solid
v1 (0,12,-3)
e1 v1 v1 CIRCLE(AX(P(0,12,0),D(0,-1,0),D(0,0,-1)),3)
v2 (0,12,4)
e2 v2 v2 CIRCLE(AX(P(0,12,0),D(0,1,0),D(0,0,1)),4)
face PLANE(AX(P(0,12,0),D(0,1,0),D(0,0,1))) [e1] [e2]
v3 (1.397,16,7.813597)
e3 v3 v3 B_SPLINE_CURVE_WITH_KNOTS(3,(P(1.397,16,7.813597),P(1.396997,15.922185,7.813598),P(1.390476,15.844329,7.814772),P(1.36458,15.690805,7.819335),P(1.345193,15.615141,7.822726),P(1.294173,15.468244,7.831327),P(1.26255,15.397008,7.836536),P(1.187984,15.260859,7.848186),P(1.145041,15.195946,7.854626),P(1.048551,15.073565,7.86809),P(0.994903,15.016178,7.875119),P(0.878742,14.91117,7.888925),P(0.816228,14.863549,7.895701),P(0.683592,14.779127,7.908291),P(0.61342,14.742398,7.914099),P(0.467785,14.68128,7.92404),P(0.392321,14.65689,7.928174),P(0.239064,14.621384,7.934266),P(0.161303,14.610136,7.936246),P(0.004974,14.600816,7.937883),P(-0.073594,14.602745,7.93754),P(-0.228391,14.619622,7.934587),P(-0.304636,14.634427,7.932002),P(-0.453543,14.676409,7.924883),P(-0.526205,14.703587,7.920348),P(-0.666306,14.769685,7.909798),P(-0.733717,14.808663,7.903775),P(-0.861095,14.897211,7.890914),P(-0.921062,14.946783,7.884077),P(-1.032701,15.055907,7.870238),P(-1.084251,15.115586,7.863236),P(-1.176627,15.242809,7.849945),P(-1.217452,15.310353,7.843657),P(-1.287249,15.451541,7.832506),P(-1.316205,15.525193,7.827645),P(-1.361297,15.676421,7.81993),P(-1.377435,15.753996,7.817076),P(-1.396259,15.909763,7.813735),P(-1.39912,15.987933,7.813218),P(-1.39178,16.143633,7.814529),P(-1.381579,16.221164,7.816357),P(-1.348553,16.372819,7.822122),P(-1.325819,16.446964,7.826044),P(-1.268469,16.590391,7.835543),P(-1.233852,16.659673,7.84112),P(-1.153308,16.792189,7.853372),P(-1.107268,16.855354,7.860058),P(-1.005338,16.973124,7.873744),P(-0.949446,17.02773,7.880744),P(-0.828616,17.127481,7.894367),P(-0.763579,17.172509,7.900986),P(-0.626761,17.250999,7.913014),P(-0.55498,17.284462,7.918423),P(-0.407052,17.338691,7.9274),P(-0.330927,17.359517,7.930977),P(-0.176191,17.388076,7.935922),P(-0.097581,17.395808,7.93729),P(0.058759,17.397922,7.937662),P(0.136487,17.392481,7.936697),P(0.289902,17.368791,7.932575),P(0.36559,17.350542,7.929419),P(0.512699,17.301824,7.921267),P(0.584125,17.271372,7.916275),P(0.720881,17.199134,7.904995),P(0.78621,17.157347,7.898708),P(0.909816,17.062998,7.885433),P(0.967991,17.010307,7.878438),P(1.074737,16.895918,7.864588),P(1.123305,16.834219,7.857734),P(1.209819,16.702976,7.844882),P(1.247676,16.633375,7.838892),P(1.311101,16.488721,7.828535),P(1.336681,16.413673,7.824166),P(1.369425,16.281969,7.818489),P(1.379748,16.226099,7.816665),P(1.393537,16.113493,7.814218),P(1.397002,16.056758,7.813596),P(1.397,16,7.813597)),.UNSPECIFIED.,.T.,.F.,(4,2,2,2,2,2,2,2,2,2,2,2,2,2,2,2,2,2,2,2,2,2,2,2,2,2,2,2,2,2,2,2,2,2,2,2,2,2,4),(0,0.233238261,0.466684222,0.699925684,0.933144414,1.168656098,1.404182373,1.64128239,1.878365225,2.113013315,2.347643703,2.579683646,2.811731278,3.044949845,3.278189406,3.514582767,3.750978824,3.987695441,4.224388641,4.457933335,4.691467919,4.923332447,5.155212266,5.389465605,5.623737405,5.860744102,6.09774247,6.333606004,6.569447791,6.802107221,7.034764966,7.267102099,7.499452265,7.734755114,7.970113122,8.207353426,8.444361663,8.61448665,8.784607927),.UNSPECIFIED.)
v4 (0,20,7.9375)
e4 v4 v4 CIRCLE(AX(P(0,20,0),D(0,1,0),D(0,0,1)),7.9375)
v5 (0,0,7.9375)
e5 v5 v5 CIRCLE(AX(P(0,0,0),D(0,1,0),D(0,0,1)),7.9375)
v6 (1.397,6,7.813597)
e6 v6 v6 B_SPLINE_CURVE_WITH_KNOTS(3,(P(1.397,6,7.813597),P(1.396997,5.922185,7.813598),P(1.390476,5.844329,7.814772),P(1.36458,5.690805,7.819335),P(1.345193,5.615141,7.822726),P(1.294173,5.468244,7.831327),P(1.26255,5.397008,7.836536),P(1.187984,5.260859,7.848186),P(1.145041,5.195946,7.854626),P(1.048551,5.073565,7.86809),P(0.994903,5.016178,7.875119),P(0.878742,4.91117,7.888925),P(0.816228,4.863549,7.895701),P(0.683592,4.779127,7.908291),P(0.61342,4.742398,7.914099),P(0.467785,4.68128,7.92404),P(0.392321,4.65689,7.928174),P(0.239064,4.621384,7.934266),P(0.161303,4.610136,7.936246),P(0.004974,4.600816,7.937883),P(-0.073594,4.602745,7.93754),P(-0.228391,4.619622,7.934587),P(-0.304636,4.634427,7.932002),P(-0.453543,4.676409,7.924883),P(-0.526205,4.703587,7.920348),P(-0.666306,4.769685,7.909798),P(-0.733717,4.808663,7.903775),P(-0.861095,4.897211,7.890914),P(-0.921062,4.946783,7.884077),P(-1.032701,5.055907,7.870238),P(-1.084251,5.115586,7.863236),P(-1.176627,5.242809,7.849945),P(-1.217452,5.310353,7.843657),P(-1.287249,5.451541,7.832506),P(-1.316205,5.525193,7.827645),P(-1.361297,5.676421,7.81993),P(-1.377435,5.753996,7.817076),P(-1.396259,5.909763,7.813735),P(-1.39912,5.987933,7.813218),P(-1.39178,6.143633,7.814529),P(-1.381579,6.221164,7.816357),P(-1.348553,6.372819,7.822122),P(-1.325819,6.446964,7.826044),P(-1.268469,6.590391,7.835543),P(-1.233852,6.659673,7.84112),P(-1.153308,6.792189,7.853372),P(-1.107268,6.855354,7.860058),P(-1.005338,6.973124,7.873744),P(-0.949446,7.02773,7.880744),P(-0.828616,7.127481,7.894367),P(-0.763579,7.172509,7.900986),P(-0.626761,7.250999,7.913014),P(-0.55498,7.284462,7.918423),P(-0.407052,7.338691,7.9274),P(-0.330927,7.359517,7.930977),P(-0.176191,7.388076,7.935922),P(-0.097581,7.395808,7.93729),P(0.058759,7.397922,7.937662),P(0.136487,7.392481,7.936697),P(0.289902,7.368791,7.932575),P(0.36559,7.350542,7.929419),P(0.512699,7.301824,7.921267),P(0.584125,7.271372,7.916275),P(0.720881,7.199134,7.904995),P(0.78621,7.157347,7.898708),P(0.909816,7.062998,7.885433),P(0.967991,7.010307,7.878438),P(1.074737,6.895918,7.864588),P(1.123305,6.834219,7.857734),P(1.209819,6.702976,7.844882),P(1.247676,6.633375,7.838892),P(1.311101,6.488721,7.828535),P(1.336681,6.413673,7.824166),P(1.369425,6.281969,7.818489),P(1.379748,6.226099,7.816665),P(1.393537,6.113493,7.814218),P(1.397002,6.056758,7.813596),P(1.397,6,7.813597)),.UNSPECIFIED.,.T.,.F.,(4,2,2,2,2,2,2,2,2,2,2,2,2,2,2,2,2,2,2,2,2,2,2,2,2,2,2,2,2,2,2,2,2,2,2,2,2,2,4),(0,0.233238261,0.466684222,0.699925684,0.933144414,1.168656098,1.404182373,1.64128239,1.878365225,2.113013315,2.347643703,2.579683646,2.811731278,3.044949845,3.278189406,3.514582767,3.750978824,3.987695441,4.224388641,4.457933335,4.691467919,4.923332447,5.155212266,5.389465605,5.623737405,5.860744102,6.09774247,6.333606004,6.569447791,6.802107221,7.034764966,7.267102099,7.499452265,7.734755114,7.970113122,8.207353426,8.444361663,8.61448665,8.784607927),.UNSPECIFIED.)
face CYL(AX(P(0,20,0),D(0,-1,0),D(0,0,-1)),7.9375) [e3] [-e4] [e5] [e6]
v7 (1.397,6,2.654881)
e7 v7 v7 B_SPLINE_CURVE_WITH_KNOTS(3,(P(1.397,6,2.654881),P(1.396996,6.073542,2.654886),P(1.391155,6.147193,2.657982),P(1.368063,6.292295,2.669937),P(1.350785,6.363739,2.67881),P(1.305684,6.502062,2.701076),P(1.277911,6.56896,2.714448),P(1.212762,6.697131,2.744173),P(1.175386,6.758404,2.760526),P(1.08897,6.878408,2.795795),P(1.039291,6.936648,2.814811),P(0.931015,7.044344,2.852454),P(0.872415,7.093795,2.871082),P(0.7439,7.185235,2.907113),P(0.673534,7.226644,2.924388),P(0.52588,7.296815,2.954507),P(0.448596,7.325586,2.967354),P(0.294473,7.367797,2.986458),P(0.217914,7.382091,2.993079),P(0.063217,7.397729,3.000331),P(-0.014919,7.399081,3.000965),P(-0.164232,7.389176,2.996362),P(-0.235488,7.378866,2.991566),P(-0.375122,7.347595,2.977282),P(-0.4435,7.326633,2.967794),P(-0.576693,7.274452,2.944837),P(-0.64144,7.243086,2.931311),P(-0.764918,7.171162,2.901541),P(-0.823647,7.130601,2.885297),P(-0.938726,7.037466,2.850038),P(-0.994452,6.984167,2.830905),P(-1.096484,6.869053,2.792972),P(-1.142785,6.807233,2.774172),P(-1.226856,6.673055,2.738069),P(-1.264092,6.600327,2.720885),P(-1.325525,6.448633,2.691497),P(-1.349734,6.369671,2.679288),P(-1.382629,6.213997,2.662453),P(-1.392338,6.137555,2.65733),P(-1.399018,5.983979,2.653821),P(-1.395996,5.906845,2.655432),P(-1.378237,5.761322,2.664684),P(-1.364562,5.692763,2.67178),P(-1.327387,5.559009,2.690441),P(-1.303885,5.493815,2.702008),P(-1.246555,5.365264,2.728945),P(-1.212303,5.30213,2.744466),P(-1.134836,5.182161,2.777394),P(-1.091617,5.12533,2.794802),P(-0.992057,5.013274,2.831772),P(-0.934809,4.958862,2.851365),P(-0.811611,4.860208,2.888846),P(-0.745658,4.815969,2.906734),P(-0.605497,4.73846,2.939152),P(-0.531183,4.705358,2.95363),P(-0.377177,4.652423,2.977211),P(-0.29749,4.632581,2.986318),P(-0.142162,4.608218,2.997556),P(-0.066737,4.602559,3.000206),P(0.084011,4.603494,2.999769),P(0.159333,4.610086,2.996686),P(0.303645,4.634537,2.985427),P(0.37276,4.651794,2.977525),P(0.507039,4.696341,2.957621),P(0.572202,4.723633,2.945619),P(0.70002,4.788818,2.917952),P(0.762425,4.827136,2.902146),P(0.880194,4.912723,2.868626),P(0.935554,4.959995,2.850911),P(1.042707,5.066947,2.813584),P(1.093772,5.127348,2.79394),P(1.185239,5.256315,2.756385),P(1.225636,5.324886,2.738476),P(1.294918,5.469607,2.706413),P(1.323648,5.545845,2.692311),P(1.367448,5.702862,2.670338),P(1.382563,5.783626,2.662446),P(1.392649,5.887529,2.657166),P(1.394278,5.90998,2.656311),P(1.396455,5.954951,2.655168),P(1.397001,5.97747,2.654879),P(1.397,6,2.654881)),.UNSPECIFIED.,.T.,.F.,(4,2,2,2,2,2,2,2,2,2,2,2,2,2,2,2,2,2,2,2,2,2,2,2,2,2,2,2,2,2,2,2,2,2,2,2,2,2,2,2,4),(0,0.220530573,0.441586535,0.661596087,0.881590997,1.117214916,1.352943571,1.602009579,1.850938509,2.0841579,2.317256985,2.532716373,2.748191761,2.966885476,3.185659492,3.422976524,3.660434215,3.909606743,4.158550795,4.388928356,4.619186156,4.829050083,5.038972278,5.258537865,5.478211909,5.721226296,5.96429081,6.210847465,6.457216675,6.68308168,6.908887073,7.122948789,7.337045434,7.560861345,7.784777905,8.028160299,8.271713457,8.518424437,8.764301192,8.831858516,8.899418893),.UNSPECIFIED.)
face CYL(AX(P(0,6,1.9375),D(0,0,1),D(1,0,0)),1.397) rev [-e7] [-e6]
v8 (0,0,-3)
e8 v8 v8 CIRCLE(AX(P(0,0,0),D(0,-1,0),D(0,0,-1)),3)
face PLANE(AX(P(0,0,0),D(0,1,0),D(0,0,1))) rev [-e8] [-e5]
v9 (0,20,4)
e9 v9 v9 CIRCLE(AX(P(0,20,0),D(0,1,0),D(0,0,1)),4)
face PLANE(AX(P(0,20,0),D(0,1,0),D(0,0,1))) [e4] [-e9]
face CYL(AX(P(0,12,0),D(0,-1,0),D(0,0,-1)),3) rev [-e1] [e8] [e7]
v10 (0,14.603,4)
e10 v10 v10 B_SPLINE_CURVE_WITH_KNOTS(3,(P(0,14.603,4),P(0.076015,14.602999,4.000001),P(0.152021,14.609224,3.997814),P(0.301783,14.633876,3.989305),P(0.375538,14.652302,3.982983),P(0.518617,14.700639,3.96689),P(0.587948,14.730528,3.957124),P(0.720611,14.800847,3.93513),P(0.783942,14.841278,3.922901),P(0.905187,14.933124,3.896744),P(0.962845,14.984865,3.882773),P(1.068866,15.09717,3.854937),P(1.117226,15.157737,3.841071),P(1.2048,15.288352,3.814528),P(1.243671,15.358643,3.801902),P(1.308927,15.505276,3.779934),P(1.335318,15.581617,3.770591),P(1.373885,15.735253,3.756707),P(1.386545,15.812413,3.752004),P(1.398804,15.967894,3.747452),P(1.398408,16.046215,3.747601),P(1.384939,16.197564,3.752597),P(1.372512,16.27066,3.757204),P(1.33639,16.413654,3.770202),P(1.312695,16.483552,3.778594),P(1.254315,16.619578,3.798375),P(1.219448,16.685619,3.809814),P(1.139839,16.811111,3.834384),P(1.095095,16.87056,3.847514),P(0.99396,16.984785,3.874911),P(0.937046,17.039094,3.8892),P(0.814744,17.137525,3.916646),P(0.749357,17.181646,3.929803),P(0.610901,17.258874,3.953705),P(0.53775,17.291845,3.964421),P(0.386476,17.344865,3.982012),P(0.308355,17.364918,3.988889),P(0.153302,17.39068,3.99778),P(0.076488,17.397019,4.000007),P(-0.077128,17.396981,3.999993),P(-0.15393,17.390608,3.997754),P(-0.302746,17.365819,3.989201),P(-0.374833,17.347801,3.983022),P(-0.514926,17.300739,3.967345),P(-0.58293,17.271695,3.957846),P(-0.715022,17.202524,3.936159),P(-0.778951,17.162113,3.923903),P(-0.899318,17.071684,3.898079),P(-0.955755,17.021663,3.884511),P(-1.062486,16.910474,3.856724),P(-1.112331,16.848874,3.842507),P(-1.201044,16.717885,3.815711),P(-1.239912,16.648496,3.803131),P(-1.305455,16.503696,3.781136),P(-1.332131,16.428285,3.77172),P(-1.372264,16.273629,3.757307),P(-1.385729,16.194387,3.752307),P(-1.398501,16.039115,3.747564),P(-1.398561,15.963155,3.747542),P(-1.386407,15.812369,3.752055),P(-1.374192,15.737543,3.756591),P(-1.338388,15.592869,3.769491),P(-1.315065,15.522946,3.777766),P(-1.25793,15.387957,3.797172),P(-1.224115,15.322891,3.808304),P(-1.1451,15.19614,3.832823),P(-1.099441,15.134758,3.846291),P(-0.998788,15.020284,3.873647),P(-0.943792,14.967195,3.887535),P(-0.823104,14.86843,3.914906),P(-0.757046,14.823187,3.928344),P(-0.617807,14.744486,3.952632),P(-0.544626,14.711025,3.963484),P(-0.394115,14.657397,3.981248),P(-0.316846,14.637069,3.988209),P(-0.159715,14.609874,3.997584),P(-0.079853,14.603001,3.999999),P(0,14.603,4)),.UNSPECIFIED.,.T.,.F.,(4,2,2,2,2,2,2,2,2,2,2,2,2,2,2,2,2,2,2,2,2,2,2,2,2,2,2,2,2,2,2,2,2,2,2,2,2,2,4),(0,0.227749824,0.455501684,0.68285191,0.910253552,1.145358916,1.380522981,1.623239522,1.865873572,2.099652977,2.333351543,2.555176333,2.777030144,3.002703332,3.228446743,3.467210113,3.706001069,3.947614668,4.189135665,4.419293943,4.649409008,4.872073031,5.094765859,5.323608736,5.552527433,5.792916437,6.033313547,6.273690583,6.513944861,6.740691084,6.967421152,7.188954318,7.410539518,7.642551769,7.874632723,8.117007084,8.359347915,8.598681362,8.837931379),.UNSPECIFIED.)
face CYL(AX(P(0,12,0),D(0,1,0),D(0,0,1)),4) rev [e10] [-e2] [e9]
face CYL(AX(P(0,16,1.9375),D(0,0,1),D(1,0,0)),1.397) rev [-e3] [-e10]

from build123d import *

# Parameters (mm, degrees)
SKETCH2_R           = 7.9375
BOSS_EXTRUDE1_DEPTH = 20
SKETCH3_R           = 4
CUT_EXTRUDE1_DEPTH  = 8
SKETCH4_R           = 3
CUT_EXTRUDE2_DEPTH  = 12
SKETCH6_R           = 1.397
CUT_EXTRUDE3_DEPTH  = 6


with BuildPart() as part:
    # Sketch2 → Boss-Extrude1 (new body)
    with BuildSketch(Plane(origin=(0, 0, 0), x_dir=(1, 0, 0), z_dir=(0, 1, 0))):
        Circle(SKETCH2_R)
    extrude(amount=BOSS_EXTRUDE1_DEPTH)

    # Sketch3 → Cut-Extrude1 (cut)
    with BuildSketch(Plane(origin=(0, 20, 0), x_dir=(1, 0, 0), z_dir=(0, 1, 0))):
        Circle(SKETCH3_R)
    extrude(amount=-CUT_EXTRUDE1_DEPTH, mode=Mode.SUBTRACT)

    # Sketch4 → Cut-Extrude2 (cut)
    with BuildSketch(Plane.XZ):
        Circle(SKETCH4_R)
    extrude(amount=-CUT_EXTRUDE2_DEPTH, mode=Mode.SUBTRACT)

    # Sketch6 → Cut-Extrude3 (cut)
    with BuildSketch(Plane.XY.offset(7.9375)):
        with Locations((0, 6)):
            Circle(SKETCH6_R)
        with Locations((0, 16)):
            Circle(SKETCH6_R)
    extrude(amount=-CUT_EXTRUDE3_DEPTH, mode=Mode.SUBTRACT)


solid = part.part
